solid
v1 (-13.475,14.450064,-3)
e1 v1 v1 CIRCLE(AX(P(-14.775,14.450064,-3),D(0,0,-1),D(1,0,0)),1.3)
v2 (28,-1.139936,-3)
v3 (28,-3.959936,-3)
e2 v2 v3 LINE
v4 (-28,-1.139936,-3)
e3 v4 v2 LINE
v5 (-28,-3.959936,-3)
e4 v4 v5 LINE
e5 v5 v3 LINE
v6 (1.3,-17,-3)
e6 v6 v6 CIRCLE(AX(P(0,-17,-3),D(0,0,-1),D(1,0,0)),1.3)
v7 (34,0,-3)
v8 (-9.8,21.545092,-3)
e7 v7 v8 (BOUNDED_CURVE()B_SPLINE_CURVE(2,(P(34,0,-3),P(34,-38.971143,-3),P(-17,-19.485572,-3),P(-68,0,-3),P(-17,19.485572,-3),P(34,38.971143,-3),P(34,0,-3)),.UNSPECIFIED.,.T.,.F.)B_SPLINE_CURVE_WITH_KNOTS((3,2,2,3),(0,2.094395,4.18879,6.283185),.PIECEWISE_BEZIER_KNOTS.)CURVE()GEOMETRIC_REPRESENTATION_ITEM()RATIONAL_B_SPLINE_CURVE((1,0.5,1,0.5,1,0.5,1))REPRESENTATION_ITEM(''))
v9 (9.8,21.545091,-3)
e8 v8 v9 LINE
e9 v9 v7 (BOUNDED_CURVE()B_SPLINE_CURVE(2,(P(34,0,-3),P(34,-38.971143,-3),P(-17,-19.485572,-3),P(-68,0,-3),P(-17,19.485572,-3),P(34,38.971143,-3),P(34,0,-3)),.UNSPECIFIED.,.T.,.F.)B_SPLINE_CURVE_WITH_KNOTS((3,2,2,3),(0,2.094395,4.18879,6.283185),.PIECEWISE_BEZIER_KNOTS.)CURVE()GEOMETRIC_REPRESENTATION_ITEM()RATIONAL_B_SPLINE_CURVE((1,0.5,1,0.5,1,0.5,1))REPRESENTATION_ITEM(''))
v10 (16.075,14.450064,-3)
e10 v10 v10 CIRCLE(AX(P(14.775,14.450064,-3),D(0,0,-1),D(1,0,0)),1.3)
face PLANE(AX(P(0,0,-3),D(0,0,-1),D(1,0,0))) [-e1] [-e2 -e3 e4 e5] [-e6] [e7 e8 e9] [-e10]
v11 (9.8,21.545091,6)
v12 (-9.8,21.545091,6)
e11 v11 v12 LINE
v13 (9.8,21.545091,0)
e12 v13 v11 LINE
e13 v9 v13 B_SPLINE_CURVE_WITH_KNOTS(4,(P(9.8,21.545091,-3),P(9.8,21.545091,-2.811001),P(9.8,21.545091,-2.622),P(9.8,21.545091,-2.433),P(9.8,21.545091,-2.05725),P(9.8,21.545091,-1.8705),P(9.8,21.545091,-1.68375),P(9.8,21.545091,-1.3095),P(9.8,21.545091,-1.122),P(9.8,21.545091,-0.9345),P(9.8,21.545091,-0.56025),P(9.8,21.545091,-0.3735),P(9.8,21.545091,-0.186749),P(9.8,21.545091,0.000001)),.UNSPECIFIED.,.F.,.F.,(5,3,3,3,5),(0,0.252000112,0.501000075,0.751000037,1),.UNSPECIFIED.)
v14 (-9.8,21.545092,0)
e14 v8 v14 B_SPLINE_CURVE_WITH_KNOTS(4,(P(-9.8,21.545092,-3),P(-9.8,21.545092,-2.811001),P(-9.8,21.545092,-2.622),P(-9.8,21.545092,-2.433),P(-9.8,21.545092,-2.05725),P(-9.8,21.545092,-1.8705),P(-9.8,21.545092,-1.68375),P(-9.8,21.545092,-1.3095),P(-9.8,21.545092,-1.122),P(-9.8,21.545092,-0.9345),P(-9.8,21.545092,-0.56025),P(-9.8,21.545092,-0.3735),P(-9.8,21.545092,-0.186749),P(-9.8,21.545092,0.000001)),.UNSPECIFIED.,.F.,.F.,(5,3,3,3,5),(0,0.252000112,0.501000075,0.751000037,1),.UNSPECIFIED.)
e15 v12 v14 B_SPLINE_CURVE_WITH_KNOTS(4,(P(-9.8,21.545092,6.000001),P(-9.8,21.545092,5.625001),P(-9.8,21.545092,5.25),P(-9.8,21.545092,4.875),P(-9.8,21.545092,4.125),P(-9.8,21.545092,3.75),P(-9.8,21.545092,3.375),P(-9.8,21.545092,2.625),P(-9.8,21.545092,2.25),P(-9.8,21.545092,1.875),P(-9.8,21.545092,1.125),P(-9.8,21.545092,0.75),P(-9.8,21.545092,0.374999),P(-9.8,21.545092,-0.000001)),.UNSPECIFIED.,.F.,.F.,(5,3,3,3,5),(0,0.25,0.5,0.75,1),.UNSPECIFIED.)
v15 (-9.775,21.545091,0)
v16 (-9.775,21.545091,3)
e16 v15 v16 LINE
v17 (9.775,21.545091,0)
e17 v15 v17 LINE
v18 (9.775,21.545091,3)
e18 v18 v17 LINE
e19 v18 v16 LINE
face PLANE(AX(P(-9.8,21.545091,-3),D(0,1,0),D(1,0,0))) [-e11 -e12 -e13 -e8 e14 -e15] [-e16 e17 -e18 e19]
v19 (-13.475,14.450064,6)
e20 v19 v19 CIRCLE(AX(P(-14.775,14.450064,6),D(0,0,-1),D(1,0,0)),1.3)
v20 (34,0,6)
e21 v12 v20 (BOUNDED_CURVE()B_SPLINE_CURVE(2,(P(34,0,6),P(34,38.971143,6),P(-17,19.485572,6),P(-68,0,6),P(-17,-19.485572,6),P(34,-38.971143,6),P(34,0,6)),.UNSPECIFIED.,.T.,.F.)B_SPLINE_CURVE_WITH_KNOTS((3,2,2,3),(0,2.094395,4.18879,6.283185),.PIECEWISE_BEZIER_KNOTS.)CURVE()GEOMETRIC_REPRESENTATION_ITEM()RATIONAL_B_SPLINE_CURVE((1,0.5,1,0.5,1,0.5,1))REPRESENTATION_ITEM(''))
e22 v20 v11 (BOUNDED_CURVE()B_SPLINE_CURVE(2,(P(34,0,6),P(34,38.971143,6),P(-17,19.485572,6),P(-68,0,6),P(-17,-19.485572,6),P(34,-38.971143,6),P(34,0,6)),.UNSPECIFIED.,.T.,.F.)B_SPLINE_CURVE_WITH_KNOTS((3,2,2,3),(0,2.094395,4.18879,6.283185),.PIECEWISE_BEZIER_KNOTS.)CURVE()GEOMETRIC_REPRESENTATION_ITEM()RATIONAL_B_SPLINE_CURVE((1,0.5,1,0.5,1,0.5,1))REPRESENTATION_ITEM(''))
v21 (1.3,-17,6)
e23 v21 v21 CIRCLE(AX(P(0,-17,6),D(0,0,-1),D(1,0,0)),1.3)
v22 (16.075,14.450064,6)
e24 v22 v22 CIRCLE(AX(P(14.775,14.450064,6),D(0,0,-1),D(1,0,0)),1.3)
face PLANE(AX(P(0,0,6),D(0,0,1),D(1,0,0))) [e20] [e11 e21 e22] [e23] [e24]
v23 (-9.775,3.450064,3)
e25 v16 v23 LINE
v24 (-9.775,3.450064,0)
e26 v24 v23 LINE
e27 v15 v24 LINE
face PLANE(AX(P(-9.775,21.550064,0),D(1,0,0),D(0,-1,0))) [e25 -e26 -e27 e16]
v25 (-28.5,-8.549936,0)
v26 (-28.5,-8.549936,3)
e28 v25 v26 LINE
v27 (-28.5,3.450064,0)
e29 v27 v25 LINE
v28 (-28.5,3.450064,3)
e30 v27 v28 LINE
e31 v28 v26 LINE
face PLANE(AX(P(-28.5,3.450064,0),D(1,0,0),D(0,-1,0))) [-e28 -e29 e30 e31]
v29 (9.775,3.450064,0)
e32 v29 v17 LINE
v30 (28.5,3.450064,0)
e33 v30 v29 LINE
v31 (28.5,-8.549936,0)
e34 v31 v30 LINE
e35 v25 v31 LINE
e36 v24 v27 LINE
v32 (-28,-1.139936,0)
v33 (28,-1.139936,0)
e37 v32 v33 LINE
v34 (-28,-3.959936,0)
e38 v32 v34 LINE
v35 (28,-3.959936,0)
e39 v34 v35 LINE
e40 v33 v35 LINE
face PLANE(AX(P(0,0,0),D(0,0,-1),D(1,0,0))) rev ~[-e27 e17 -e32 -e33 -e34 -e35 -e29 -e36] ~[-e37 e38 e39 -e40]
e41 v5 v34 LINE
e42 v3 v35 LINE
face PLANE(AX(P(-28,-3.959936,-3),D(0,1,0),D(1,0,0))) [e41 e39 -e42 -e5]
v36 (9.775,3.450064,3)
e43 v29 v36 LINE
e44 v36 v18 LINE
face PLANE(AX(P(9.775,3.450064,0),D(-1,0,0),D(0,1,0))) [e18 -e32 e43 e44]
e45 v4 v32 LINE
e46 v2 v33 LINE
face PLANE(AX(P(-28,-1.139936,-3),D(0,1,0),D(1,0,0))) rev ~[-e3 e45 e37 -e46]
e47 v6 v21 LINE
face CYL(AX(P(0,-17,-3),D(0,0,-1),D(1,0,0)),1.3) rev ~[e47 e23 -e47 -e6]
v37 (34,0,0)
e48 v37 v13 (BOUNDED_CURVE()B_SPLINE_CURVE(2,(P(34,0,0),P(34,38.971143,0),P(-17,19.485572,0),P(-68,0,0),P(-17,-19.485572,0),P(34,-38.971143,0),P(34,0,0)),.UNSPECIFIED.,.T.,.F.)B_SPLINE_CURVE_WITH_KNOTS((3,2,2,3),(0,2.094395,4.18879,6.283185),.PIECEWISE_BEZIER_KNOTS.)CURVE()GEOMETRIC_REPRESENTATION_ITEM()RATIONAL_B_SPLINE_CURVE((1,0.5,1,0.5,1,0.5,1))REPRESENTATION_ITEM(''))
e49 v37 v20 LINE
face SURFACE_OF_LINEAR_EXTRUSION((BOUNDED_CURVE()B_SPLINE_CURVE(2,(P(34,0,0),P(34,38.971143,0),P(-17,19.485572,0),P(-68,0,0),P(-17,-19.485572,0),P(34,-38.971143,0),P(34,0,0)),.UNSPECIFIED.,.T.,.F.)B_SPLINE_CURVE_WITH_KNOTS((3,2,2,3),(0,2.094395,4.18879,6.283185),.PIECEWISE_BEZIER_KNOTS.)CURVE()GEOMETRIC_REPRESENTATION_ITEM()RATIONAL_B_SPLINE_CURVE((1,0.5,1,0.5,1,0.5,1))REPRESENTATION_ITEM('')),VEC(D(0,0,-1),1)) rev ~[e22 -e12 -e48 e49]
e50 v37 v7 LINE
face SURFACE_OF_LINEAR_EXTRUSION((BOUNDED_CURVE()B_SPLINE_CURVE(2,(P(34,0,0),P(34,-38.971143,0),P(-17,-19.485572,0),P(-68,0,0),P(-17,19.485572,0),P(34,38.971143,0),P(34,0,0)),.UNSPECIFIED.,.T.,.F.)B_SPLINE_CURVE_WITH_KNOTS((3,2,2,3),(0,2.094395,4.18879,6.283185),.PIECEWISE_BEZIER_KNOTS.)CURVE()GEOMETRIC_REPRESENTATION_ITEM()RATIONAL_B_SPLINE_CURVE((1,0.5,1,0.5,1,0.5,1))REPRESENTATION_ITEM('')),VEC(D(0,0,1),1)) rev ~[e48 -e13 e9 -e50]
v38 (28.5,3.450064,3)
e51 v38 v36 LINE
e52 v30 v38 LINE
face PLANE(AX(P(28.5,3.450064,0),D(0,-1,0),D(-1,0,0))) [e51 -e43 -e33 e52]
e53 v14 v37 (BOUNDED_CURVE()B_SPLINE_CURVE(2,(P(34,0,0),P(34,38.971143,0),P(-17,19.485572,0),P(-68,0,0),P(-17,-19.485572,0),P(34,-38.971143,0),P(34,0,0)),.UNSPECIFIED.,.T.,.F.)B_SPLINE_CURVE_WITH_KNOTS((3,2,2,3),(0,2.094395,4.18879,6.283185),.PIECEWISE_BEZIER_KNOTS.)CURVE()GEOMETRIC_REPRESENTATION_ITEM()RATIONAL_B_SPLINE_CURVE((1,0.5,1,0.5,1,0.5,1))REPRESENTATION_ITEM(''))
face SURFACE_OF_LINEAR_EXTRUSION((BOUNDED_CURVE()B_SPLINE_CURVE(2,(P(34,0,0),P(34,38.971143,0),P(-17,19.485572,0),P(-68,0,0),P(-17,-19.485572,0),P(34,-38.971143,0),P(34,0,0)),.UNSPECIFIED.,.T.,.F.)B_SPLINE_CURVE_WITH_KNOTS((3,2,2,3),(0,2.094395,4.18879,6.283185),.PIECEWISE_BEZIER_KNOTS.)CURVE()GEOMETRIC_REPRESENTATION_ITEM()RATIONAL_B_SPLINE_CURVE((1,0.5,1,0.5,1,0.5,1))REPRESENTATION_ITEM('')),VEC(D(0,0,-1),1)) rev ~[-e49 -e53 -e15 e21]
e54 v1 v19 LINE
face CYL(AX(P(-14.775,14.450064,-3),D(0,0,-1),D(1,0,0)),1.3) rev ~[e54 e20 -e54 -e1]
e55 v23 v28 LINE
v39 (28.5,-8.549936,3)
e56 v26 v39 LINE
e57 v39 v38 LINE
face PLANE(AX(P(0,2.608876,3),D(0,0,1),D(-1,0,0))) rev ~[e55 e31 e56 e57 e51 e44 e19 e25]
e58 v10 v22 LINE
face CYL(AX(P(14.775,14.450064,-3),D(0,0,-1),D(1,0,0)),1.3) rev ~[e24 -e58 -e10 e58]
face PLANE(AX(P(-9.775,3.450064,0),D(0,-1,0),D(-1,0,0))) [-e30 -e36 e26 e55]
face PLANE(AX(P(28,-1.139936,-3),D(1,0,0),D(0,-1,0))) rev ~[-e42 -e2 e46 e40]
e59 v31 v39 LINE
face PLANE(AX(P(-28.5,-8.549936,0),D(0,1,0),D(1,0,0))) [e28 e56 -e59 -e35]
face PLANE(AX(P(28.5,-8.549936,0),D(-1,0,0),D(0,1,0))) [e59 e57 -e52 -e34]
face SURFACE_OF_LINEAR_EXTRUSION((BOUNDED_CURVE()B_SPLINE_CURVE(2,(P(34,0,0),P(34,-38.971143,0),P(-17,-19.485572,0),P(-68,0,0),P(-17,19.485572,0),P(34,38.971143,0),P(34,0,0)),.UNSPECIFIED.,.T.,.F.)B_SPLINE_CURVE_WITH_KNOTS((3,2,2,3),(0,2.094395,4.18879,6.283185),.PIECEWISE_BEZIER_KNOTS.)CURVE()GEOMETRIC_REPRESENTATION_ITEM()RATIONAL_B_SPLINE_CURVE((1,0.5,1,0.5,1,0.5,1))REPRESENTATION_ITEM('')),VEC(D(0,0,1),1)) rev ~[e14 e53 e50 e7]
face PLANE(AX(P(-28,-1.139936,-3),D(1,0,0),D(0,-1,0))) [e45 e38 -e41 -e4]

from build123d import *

# Parameters (mm, degrees)
PAD_DEPTH       = 6
POCKET_DEPTH    = 3
PAD001_DEPTH    = 3
SKETCH003_W     = 56
SKETCH003_H     = 2.82
POCKET001_DEPTH = 3
SKETCH004_W     = 19.6
SKETCH004_H     = 1
POCKET002_DEPTH = 9.001
SKETCH005_R     = 1.3
POCKET003_DEPTH = 9.001


with BuildPart() as part:
    # Sketch → Pad (new body)
    with BuildSketch(Plane.XY):
        with BuildLine():
            add(Edge.make_bspline(
                [(34, 0), (34, 38.971143), (-17, 19.485572), (-68, 0), (-17, -19.485572), (34, -38.971143), (34, 0)],
                knots=[0, 0, 0, 2.094395, 2.094395, 4.18879, 4.18879, 6.283185, 6.283185, 6.283185], degree=2, weights=[1, 0.5, 1, 0.5, 1, 0.5, 1]))
        make_face()
    extrude(amount=PAD_DEPTH)

    # Sketch001 (on Face2 of Pad) → Pocket (cut)
    with BuildSketch(Plane(origin=(0, 0, 0), x_dir=(1, 0, 0), z_dir=(0, 0, -1))):
        Polygon((9.775, -3.450064), (9.775, -21.550064), (-9.775, -21.550064), (-9.775, -3.450064), (-28.5, -3.450064), (-28.5, 8.549936), (28.5, 8.549936), (28.5, -3.450064), align=None)
    extrude(amount=-POCKET_DEPTH, mode=Mode.SUBTRACT)

    # Sketch002 (on Face2 of Pocket) → Pad001 (join)
    with BuildSketch(Plane(origin=(0, 0, 0), x_dir=(1, 0, 0), z_dir=(0, 0, -1))):
        with BuildLine():
            add(Edge.make_bspline(
                [(34, 0), (34, 38.971143), (-17, 19.485572), (-68, 0), (-17, -19.485572), (34, -38.971143), (34, 0)],
                knots=[0, 0, 0, 2.094395, 2.094395, 4.18879, 4.18879, 6.283185, 6.283185, 6.283185], degree=2, weights=[1, 0.5, 1, 0.5, 1, 0.5, 1]))
        make_face()
    extrude(amount=PAD001_DEPTH)

    # Sketch003 (on Face4 of Pad001) → Pocket001 (cut)
    with BuildSketch(Plane(origin=(0, 0, -3), x_dir=(1, 0, 0), z_dir=(0, 0, -1))):
        with Locations((0, 2.549936)):
            Rectangle(SKETCH003_W, SKETCH003_H)
    extrude(amount=-POCKET001_DEPTH, mode=Mode.SUBTRACT)

    # Sketch004 (on Face4 of Pocket001) → Pocket002 (cut, through all)
    with BuildSketch(Plane(origin=(0, 0, -3), x_dir=(1, 0, 0), z_dir=(0, 0, -1))):
        with Locations((0, -22.045091)):
            Rectangle(SKETCH004_W, SKETCH004_H)
    extrude(amount=-POCKET002_DEPTH, mode=Mode.SUBTRACT)

    # Sketch005 (on Face7 of Pocket002) → Pocket003 (cut, through all)
    with BuildSketch(Plane(origin=(0, 0, -3), x_dir=(1, 0, 0), z_dir=(0, 0, -1))):
        with Locations((-14.775, -14.450064)):
            Circle(SKETCH005_R)
        with Locations((0, 17)):
            Circle(SKETCH005_R)
        with Locations((14.775, -14.450064)):
            Circle(SKETCH005_R)
    extrude(amount=-POCKET003_DEPTH, mode=Mode.SUBTRACT)


solid = part.part
